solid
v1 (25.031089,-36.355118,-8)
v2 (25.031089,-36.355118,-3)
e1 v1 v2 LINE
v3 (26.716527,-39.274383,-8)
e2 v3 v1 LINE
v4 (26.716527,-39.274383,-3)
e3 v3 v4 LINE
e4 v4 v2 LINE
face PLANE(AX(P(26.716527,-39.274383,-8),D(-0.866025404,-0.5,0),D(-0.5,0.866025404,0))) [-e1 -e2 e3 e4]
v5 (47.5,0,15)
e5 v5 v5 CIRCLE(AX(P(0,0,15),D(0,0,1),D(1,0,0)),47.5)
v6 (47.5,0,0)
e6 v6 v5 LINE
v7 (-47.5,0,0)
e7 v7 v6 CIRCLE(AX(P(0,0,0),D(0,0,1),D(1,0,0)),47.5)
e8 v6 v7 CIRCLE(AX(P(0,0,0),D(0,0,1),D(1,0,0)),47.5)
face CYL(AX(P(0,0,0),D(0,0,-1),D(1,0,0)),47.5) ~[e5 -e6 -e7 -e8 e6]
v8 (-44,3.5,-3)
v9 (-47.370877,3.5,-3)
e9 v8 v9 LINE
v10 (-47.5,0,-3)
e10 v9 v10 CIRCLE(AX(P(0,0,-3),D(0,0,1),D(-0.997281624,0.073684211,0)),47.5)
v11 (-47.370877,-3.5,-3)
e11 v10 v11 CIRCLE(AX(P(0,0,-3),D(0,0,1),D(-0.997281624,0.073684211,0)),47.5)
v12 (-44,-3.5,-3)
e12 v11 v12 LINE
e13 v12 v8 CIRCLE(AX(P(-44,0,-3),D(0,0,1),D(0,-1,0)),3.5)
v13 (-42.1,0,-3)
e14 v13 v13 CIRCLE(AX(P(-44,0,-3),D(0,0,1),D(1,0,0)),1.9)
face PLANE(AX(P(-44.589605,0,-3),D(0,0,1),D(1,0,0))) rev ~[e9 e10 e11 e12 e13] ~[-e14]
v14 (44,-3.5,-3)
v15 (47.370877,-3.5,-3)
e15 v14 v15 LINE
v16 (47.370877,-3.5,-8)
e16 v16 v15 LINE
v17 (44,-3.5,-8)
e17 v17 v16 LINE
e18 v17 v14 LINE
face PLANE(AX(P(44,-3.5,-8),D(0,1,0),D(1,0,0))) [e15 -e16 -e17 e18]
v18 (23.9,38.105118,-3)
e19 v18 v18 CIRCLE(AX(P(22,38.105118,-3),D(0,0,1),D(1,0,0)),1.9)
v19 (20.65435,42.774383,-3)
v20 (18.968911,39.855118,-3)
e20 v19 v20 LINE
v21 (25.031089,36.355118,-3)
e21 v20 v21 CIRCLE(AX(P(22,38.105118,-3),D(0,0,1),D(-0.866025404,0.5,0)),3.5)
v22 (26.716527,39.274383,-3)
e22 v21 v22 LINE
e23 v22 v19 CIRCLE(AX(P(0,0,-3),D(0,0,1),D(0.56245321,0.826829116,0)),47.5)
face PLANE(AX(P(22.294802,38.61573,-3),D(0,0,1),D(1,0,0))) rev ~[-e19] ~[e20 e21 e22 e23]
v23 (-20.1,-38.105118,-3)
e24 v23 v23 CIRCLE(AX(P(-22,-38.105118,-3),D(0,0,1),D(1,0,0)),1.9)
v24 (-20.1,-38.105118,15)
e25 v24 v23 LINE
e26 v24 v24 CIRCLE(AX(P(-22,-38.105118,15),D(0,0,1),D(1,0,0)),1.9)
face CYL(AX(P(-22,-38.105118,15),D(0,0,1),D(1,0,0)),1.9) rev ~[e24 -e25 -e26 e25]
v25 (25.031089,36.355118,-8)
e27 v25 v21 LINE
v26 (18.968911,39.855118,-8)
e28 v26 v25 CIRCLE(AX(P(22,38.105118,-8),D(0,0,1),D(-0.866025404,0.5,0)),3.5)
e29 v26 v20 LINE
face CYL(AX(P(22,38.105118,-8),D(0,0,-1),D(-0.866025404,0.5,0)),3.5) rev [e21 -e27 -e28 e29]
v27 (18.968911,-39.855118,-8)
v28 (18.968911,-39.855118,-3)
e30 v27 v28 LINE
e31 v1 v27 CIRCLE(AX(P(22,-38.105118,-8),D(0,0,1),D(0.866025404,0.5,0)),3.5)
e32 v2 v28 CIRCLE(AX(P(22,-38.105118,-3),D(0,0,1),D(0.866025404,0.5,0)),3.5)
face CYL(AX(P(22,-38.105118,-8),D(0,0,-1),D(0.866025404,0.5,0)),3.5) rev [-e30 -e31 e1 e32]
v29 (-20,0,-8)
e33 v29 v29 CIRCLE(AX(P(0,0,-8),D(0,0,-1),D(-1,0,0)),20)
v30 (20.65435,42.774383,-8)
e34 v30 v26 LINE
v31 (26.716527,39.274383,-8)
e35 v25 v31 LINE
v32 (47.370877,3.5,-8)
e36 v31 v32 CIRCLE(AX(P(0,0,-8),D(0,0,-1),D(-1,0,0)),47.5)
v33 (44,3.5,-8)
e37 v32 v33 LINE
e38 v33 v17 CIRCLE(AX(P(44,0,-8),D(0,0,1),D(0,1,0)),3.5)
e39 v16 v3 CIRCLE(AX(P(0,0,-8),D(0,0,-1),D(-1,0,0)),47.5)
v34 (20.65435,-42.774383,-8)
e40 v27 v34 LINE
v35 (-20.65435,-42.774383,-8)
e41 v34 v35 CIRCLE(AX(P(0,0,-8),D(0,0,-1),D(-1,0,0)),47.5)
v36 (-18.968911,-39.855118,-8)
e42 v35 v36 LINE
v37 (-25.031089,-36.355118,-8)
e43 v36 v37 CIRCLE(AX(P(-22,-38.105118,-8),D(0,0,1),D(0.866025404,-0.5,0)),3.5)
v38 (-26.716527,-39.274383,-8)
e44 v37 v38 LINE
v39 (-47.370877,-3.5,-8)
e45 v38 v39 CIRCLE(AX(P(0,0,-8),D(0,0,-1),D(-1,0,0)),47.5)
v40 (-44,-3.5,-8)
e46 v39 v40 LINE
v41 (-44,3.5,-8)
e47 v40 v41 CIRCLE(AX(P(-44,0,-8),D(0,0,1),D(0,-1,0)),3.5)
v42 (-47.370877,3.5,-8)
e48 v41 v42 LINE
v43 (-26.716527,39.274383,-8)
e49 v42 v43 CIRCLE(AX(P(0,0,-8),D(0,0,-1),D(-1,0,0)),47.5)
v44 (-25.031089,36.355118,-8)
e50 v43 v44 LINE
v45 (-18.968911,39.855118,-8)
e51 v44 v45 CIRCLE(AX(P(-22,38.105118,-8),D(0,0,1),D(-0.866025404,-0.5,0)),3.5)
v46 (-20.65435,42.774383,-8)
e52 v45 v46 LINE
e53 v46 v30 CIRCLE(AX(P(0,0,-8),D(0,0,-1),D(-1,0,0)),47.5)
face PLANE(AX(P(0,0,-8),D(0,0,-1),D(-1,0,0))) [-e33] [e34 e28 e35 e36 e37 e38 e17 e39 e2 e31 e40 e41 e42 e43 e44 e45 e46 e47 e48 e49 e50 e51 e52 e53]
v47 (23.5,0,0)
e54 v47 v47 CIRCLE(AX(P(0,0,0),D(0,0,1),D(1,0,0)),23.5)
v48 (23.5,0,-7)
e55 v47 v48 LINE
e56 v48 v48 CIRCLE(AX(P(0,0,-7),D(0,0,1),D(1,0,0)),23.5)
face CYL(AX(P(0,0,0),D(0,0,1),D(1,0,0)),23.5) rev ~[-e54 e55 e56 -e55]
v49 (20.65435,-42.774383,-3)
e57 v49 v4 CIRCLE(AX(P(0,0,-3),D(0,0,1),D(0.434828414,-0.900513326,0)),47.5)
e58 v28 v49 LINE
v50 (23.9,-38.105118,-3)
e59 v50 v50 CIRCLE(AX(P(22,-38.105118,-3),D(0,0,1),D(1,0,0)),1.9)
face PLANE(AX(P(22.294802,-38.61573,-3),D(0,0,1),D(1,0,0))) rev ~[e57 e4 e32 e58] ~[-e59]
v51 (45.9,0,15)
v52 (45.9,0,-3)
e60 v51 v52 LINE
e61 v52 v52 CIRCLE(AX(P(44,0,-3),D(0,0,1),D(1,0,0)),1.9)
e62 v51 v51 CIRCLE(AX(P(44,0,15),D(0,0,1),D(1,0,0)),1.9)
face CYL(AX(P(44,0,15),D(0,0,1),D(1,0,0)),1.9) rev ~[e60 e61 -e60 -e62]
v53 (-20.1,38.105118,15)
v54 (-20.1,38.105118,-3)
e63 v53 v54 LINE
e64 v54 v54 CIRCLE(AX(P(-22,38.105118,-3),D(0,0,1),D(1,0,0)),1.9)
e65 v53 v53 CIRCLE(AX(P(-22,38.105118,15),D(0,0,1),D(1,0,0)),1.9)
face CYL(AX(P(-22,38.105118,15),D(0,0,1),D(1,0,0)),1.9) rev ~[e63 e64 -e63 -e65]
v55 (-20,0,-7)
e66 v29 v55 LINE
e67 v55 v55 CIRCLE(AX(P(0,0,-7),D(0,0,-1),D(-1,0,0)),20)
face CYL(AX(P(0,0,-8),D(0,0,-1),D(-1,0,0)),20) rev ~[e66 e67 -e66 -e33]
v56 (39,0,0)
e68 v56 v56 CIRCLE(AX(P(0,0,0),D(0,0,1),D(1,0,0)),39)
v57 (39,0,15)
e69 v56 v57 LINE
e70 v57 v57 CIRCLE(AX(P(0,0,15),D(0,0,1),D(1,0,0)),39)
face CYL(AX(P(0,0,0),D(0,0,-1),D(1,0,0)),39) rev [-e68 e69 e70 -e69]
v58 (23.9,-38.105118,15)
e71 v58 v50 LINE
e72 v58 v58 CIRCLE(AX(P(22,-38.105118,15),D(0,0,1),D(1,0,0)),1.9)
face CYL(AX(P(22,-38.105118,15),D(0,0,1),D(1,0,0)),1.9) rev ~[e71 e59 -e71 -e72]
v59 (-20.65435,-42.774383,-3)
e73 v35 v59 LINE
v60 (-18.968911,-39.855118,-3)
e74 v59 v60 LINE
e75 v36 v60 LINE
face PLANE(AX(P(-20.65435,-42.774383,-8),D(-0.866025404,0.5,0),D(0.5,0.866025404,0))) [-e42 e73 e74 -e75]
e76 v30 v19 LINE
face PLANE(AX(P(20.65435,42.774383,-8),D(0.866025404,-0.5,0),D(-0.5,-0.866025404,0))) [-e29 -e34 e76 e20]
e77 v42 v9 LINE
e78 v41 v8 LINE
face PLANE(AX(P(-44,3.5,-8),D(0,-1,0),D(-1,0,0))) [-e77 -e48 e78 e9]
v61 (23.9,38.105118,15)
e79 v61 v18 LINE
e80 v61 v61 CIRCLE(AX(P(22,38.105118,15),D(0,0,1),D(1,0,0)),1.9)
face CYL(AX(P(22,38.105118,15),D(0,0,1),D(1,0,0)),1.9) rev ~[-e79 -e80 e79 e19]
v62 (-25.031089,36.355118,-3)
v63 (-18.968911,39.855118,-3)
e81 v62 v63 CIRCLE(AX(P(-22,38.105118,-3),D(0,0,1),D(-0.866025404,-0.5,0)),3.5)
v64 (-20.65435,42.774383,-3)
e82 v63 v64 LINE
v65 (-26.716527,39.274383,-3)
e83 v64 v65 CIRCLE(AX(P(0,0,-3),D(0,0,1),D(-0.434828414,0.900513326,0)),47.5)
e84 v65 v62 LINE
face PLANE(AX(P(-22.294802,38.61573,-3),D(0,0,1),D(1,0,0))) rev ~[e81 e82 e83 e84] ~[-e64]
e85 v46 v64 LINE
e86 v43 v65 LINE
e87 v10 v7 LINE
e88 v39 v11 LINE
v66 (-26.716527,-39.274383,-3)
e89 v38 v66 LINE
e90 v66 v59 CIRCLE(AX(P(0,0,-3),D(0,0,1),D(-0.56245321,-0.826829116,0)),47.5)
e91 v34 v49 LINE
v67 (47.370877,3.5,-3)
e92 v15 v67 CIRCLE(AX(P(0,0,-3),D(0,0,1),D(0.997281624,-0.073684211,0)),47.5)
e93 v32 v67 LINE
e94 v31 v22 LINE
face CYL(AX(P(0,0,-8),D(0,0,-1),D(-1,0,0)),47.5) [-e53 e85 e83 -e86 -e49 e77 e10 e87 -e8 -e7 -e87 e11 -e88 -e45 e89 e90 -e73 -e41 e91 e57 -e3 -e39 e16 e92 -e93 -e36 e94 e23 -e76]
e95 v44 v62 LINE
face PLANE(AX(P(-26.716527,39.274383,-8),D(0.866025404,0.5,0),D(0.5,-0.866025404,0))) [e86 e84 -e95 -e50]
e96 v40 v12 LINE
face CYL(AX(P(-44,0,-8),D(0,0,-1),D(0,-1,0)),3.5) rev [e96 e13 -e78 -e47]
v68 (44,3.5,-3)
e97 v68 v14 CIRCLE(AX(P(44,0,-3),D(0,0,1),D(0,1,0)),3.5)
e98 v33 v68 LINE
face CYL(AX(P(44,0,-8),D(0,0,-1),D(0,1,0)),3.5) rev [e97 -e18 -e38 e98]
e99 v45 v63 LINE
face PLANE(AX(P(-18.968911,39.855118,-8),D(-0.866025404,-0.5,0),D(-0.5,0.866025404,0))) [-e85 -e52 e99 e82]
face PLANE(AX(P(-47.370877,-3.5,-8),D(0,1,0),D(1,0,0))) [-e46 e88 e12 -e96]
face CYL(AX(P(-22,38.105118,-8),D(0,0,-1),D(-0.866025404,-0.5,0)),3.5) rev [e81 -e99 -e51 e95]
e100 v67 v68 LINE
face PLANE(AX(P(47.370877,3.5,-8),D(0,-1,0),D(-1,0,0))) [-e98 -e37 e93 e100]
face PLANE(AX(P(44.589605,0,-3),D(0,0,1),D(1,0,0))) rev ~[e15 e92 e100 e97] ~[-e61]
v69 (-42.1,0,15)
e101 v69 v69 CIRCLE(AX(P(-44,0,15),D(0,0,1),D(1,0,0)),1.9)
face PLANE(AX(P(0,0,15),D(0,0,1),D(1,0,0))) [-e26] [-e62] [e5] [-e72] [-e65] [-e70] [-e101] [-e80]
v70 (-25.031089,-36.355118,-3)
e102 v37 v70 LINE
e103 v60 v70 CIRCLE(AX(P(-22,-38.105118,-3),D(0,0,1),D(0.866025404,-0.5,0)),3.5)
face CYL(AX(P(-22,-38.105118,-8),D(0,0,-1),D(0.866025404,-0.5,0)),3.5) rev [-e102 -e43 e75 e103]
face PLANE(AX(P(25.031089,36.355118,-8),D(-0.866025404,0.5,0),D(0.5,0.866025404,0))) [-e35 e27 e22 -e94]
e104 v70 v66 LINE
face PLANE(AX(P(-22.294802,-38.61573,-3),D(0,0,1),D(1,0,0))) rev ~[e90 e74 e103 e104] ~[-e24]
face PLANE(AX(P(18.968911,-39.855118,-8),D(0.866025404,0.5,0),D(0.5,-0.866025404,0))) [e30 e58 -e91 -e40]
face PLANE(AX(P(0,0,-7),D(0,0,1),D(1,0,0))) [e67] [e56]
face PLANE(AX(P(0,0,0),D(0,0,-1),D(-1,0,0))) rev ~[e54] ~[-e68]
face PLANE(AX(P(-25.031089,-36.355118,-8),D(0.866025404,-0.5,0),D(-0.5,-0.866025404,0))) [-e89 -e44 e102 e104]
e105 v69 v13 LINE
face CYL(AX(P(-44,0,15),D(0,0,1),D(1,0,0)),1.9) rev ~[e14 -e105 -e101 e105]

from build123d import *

# Parameters (mm, degrees)
SKETCH1_R           = 47.5
SKETCH1_R_2         = 39
BOSS_EXTRUDE1_DEPTH = 15
BOSS_EXTRUDE2_START = 8
SKETCH4_R           = 47.5
SKETCH4_R_2         = 20
BOSS_EXTRUDE2_DEPTH = 8
SKETCH5_R           = 23.5
CUT_EXTRUDE3_DEPTH  = 7
SKETCH6_R           = 1.9
CUT_EXTRUDE4_DEPTH  = 72.003521039
CUT_EXTRUDE5_DEPTH  = 5


with BuildPart() as part:
    # Sketch1 → Boss-Extrude1 (new body)
    with BuildSketch(Plane.XY):
        Circle(SKETCH1_R)
        Circle(SKETCH1_R_2, mode=Mode.SUBTRACT)
    extrude(amount=BOSS_EXTRUDE1_DEPTH)

    # Sketch4 → Boss-Extrude2 (add)
    with BuildSketch(Plane(origin=(0, 0, 0), x_dir=(-1, 0, 0), z_dir=(0, 0, -1)).offset(BOSS_EXTRUDE2_START)):
        Circle(SKETCH4_R)
        Circle(SKETCH4_R_2, mode=Mode.SUBTRACT)
    extrude(amount=-BOSS_EXTRUDE2_DEPTH)

    # Sketch5 → Cut-Extrude3 (cut)
    with BuildSketch(Plane.XY):
        Circle(SKETCH5_R)
    extrude(amount=-CUT_EXTRUDE3_DEPTH, mode=Mode.SUBTRACT)

    # Sketch6 → Cut-Extrude4 (cut, through all)
    with BuildSketch(Plane.XY.offset(15)):
        with Locations((44, 0)):
            Circle(SKETCH6_R)
        with Locations((22, -38.105117767)):
            Circle(SKETCH6_R)
        with Locations((-22, -38.105117767)):
            Circle(SKETCH6_R)
        with Locations((-44, 0)):
            Circle(SKETCH6_R)
        with Locations((-22, 38.105117767)):
            Circle(SKETCH6_R)
        with Locations((22, 38.105117767)):
            Circle(SKETCH6_R)
    extrude(amount=-CUT_EXTRUDE4_DEPTH, mode=Mode.SUBTRACT)

    # Sketch7 → Cut-Extrude5 (cut)
    with BuildSketch(Plane(origin=(0, 0, -8), x_dir=(-1, 0, 0), z_dir=(0, 0, -1))):
        with BuildLine():
            Line((44, 3.5), (47.370877129, 3.5))
            ThreePointArc((47.370877129, 3.5), (47.5, 0), (47.370877129, -3.5))
            Line((47.370877129, -3.5), (44, -3.5))
            ThreePointArc((44, -3.5), (40.5, 0), (44, 3.5))
        make_face()
        with BuildLine():
            Line((25.031088913, -36.355117767), (26.716527478, -39.274382994))
            ThreePointArc((26.716527478, -39.274382994), (23.75, -41.13620668), (20.654349651, -42.774382994))
            Line((20.654349651, -42.774382994), (18.968911087, -39.855117767))
            ThreePointArc((18.968911087, -39.855117767), (20.25, -35.074028853), (25.031088913, -36.355117767))
        make_face()
        with BuildLine():
            Line((-18.968911087, -39.855117767), (-20.654349651, -42.774382994))
            ThreePointArc((-20.654349651, -42.774382994), (-23.75, -41.13620668), (-26.716527478, -39.274382994))
            Line((-26.716527478, -39.274382994), (-25.031088913, -36.355117767))
            ThreePointArc((-25.031088913, -36.355117767), (-20.25, -35.074028853), (-18.968911087, -39.855117767))
        make_face()
        with BuildLine():
            Line((-44, -3.5), (-47.370877129, -3.5))
            ThreePointArc((-47.370877129, -3.5), (-47.5, 0), (-47.370877129, 3.5))
            Line((-47.370877129, 3.5), (-44, 3.5))
            ThreePointArc((-44, 3.5), (-40.5, 0), (-44, -3.5))
        make_face()
        with BuildLine():
            Line((-25.031088913, 36.355117767), (-26.716527478, 39.274382994))
            ThreePointArc((-26.716527478, 39.274382994), (-23.75, 41.13620668), (-20.654349651, 42.774382994))
            Line((-20.654349651, 42.774382994), (-18.968911087, 39.855117767))
            ThreePointArc((-18.968911087, 39.855117767), (-20.25, 35.074028853), (-25.031088913, 36.355117767))
        make_face()
        with BuildLine():
            Line((18.968911087, 39.855117767), (20.654349651, 42.774382994))
            ThreePointArc((20.654349651, 42.774382994), (23.75, 41.13620668), (26.716527478, 39.274382994))
            Line((26.716527478, 39.274382994), (25.031088913, 36.355117767))
            ThreePointArc((25.031088913, 36.355117767), (20.25, 35.074028853), (18.968911087, 39.855117767))
        make_face()
    extrude(amount=-CUT_EXTRUDE5_DEPTH, mode=Mode.SUBTRACT)


solid = part.part
